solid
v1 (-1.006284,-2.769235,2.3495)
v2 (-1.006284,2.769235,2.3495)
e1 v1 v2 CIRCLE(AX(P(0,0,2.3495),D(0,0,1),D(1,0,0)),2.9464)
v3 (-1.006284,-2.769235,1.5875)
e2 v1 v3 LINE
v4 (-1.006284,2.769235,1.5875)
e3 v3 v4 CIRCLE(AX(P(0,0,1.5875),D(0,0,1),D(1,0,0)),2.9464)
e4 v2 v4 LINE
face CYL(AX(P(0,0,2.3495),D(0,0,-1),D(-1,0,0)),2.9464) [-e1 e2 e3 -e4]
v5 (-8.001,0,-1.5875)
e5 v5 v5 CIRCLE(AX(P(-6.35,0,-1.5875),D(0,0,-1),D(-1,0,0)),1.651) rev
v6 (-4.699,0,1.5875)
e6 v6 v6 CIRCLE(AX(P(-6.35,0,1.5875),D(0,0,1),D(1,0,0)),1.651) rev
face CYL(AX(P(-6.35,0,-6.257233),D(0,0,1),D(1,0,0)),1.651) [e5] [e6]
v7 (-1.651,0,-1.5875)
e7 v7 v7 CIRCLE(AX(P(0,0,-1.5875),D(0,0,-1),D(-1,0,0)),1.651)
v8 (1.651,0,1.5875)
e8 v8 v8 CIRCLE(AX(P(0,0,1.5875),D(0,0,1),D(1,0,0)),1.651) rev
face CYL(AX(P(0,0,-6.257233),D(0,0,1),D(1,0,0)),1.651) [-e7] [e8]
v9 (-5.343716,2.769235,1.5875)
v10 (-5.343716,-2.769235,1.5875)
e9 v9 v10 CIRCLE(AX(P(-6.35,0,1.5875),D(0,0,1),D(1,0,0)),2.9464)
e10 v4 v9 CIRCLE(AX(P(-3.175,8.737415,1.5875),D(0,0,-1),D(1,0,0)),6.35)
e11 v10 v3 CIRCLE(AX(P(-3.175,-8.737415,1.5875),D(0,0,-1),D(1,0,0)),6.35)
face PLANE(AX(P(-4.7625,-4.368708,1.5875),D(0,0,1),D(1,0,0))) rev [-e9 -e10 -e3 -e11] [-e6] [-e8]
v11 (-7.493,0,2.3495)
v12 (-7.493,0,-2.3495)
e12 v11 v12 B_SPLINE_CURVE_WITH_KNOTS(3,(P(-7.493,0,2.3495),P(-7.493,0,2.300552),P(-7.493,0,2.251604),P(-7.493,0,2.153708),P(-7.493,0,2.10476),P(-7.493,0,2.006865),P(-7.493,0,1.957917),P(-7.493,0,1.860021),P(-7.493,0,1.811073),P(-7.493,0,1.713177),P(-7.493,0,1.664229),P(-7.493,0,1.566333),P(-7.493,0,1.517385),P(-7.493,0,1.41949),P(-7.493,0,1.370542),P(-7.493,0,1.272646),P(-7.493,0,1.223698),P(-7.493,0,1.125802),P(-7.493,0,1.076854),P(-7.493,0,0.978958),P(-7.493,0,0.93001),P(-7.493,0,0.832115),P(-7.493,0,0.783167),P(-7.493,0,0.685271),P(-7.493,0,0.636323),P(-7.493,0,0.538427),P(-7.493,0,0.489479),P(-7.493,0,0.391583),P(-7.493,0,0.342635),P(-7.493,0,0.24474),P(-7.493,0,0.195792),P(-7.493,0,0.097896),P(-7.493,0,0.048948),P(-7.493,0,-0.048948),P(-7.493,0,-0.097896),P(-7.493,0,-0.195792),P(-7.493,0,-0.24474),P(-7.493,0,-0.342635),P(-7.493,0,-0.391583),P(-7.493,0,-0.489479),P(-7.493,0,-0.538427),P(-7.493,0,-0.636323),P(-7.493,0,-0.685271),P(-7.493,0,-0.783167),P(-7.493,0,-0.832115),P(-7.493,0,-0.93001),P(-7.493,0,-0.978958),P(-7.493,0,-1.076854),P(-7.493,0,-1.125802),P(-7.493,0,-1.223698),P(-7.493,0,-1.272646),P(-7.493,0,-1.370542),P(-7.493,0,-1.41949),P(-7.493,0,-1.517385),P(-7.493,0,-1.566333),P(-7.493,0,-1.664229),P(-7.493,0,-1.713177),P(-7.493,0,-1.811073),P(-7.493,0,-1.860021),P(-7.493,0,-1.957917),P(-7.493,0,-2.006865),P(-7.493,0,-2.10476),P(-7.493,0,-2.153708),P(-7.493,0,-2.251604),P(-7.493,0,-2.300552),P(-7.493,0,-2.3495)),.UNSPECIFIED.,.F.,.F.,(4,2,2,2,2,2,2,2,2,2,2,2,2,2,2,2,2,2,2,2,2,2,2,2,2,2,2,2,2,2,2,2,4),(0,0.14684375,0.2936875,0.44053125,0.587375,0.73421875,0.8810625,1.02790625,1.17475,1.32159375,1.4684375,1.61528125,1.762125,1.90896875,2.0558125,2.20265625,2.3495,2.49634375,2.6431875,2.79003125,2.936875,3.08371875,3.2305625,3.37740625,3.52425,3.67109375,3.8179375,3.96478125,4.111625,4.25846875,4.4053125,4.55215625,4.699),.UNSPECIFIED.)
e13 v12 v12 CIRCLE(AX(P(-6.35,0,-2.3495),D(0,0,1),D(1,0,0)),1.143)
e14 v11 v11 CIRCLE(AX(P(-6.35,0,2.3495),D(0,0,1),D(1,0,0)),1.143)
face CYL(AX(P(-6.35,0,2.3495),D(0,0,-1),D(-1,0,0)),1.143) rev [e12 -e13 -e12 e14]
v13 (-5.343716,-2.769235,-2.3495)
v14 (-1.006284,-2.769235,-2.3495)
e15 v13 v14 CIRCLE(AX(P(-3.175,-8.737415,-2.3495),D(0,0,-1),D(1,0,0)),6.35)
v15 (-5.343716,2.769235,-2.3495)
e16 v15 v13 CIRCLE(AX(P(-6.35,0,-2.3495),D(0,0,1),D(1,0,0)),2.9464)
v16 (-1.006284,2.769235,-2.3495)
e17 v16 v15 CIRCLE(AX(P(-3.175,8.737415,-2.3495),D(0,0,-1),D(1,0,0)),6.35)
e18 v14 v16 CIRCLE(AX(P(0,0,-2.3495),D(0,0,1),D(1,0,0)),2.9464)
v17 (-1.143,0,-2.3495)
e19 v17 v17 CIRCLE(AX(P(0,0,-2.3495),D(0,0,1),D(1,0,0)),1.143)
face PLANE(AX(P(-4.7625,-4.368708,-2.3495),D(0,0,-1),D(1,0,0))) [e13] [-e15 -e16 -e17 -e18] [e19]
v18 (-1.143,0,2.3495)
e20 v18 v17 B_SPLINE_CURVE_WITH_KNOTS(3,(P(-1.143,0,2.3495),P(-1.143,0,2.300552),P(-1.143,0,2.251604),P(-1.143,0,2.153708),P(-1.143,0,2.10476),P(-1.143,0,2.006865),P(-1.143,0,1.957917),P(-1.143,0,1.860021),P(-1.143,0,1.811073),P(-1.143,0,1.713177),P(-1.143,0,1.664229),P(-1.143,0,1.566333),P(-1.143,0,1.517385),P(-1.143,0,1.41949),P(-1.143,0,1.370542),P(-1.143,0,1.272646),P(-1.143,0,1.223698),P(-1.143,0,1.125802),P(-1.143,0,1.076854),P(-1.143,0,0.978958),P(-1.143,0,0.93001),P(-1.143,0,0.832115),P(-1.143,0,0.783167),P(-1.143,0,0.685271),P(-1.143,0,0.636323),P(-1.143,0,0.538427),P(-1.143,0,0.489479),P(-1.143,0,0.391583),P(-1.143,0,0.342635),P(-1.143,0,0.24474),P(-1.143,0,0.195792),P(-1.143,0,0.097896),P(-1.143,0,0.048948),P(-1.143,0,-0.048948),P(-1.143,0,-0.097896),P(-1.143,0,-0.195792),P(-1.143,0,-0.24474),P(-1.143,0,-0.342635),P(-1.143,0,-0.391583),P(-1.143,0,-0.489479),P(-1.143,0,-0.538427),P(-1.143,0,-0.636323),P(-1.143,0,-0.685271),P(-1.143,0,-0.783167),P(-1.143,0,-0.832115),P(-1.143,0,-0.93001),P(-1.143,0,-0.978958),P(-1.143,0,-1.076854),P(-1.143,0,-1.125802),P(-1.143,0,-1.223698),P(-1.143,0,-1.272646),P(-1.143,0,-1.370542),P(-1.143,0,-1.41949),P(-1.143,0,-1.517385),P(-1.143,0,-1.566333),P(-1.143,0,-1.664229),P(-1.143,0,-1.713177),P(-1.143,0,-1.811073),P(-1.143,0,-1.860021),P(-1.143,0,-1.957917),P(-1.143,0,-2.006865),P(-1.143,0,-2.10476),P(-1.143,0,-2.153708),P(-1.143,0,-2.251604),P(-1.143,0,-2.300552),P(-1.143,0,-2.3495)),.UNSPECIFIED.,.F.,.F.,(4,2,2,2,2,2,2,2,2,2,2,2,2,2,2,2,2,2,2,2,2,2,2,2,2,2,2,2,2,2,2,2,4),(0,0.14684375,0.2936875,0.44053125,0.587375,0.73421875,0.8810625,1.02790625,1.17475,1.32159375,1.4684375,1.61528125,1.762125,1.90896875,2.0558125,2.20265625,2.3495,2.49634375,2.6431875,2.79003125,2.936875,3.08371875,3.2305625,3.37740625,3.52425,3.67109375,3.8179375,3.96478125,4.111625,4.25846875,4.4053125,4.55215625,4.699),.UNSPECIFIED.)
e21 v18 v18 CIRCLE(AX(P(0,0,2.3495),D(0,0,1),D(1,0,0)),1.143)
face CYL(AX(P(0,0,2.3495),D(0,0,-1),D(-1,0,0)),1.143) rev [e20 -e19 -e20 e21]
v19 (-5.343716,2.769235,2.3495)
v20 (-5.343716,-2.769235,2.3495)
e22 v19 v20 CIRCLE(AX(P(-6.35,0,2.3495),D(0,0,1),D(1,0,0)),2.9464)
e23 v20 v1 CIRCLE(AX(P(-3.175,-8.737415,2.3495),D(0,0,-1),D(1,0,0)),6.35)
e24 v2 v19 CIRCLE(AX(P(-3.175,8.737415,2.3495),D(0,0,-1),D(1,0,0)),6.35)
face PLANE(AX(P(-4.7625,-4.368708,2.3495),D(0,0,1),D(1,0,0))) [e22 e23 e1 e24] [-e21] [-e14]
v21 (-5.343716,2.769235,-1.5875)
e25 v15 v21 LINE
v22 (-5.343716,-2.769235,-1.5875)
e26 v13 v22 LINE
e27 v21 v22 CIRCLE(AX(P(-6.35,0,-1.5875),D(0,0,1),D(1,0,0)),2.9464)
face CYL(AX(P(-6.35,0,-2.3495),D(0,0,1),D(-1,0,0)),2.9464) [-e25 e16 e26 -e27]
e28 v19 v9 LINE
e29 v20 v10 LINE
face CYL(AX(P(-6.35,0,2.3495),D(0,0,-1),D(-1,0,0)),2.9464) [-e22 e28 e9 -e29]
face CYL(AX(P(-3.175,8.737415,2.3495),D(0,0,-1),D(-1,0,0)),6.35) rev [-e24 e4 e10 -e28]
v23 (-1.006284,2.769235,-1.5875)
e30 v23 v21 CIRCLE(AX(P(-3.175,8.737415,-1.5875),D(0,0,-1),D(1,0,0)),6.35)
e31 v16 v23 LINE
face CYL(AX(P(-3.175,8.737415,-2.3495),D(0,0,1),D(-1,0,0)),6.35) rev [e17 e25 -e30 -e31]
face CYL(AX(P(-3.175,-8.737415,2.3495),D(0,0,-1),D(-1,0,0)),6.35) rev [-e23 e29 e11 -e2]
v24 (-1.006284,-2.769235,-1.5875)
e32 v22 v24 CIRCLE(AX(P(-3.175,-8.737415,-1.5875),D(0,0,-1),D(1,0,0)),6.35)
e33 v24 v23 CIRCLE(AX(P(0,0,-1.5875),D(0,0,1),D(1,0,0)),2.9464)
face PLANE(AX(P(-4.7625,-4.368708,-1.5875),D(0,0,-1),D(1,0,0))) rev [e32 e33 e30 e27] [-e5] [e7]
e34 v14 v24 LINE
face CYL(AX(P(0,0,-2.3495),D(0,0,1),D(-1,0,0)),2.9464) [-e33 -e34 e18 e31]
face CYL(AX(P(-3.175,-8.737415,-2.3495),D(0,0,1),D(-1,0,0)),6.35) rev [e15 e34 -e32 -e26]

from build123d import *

# Parameters (mm, degrees)
INNER_START         = 1.5875
SKETCH1_R           = 1.143
INNER_LINK_S1_DEPTH = 0.762
TUBES_START         = 3.175
SKETCH3_R           = 1.651
SKETCH3_R_2         = 1.143
TUBES_DEPTH         = 3.175


with BuildPart() as part:
    # Sketch1 → inner link s1 (new body)
    with BuildSketch(Plane.XY.offset(INNER_START)):
        with BuildLine():
            ThreePointArc((-1.006284153, -2.769235484), (2.9464, 0), (-1.006284153, 2.769235484))
            ThreePointArc((-1.006284153, 2.769235484), (-3.175, 2.387415405), (-5.343715847, 2.769235484))
            ThreePointArc((-5.343715847, 2.769235484), (-9.2964, 0), (-5.343715847, -2.769235484))
            ThreePointArc((-5.343715847, -2.769235484), (-3.175, -2.387415405), (-1.006284153, -2.769235484))
        make_face()
        with Locations(Location((0, 0, 0), (0, 0, 180))):
            Circle(SKETCH1_R, mode=Mode.SUBTRACT)
        with Locations(Location((-6.35, 0, 0), (0, 0, 180))):
            Circle(SKETCH1_R, mode=Mode.SUBTRACT)
    extrude(amount=INNER_LINK_S1_DEPTH)


with BuildPart() as body_2:
    # inner link s2: mirrored copy
    add(part.part.mirror(Plane.XY))


with BuildPart() as part_1:
    add(part.part)

    add(body_2.part)  # tubes merges body 2
    # Sketch3 → tubes (add)
    # profile 1 of 2: a face of its own
    with BuildSketch(Plane(origin=(0, 0, 1.5875), x_dir=(-1, 0, 0), z_dir=(0, 0, -1)).offset(TUBES_START)):
        with Locations(Location((0, 0, 0), (0, 0, 180))):
            Circle(SKETCH3_R)
        Circle(SKETCH3_R_2, mode=Mode.SUBTRACT)
    # profile 2 of 2: a face of its own
    with BuildSketch(Plane(origin=(0, 0, 1.5875), x_dir=(-1, 0, 0), z_dir=(0, 0, -1)).offset(TUBES_START)):
        with Locations(Location((6.35, 0, 0), (0, 0, 180))):
            Circle(SKETCH3_R)
        with Locations((6.35, 0)):
            Circle(SKETCH3_R_2, mode=Mode.SUBTRACT)
    extrude(amount=-TUBES_DEPTH)


solid = part_1.part
